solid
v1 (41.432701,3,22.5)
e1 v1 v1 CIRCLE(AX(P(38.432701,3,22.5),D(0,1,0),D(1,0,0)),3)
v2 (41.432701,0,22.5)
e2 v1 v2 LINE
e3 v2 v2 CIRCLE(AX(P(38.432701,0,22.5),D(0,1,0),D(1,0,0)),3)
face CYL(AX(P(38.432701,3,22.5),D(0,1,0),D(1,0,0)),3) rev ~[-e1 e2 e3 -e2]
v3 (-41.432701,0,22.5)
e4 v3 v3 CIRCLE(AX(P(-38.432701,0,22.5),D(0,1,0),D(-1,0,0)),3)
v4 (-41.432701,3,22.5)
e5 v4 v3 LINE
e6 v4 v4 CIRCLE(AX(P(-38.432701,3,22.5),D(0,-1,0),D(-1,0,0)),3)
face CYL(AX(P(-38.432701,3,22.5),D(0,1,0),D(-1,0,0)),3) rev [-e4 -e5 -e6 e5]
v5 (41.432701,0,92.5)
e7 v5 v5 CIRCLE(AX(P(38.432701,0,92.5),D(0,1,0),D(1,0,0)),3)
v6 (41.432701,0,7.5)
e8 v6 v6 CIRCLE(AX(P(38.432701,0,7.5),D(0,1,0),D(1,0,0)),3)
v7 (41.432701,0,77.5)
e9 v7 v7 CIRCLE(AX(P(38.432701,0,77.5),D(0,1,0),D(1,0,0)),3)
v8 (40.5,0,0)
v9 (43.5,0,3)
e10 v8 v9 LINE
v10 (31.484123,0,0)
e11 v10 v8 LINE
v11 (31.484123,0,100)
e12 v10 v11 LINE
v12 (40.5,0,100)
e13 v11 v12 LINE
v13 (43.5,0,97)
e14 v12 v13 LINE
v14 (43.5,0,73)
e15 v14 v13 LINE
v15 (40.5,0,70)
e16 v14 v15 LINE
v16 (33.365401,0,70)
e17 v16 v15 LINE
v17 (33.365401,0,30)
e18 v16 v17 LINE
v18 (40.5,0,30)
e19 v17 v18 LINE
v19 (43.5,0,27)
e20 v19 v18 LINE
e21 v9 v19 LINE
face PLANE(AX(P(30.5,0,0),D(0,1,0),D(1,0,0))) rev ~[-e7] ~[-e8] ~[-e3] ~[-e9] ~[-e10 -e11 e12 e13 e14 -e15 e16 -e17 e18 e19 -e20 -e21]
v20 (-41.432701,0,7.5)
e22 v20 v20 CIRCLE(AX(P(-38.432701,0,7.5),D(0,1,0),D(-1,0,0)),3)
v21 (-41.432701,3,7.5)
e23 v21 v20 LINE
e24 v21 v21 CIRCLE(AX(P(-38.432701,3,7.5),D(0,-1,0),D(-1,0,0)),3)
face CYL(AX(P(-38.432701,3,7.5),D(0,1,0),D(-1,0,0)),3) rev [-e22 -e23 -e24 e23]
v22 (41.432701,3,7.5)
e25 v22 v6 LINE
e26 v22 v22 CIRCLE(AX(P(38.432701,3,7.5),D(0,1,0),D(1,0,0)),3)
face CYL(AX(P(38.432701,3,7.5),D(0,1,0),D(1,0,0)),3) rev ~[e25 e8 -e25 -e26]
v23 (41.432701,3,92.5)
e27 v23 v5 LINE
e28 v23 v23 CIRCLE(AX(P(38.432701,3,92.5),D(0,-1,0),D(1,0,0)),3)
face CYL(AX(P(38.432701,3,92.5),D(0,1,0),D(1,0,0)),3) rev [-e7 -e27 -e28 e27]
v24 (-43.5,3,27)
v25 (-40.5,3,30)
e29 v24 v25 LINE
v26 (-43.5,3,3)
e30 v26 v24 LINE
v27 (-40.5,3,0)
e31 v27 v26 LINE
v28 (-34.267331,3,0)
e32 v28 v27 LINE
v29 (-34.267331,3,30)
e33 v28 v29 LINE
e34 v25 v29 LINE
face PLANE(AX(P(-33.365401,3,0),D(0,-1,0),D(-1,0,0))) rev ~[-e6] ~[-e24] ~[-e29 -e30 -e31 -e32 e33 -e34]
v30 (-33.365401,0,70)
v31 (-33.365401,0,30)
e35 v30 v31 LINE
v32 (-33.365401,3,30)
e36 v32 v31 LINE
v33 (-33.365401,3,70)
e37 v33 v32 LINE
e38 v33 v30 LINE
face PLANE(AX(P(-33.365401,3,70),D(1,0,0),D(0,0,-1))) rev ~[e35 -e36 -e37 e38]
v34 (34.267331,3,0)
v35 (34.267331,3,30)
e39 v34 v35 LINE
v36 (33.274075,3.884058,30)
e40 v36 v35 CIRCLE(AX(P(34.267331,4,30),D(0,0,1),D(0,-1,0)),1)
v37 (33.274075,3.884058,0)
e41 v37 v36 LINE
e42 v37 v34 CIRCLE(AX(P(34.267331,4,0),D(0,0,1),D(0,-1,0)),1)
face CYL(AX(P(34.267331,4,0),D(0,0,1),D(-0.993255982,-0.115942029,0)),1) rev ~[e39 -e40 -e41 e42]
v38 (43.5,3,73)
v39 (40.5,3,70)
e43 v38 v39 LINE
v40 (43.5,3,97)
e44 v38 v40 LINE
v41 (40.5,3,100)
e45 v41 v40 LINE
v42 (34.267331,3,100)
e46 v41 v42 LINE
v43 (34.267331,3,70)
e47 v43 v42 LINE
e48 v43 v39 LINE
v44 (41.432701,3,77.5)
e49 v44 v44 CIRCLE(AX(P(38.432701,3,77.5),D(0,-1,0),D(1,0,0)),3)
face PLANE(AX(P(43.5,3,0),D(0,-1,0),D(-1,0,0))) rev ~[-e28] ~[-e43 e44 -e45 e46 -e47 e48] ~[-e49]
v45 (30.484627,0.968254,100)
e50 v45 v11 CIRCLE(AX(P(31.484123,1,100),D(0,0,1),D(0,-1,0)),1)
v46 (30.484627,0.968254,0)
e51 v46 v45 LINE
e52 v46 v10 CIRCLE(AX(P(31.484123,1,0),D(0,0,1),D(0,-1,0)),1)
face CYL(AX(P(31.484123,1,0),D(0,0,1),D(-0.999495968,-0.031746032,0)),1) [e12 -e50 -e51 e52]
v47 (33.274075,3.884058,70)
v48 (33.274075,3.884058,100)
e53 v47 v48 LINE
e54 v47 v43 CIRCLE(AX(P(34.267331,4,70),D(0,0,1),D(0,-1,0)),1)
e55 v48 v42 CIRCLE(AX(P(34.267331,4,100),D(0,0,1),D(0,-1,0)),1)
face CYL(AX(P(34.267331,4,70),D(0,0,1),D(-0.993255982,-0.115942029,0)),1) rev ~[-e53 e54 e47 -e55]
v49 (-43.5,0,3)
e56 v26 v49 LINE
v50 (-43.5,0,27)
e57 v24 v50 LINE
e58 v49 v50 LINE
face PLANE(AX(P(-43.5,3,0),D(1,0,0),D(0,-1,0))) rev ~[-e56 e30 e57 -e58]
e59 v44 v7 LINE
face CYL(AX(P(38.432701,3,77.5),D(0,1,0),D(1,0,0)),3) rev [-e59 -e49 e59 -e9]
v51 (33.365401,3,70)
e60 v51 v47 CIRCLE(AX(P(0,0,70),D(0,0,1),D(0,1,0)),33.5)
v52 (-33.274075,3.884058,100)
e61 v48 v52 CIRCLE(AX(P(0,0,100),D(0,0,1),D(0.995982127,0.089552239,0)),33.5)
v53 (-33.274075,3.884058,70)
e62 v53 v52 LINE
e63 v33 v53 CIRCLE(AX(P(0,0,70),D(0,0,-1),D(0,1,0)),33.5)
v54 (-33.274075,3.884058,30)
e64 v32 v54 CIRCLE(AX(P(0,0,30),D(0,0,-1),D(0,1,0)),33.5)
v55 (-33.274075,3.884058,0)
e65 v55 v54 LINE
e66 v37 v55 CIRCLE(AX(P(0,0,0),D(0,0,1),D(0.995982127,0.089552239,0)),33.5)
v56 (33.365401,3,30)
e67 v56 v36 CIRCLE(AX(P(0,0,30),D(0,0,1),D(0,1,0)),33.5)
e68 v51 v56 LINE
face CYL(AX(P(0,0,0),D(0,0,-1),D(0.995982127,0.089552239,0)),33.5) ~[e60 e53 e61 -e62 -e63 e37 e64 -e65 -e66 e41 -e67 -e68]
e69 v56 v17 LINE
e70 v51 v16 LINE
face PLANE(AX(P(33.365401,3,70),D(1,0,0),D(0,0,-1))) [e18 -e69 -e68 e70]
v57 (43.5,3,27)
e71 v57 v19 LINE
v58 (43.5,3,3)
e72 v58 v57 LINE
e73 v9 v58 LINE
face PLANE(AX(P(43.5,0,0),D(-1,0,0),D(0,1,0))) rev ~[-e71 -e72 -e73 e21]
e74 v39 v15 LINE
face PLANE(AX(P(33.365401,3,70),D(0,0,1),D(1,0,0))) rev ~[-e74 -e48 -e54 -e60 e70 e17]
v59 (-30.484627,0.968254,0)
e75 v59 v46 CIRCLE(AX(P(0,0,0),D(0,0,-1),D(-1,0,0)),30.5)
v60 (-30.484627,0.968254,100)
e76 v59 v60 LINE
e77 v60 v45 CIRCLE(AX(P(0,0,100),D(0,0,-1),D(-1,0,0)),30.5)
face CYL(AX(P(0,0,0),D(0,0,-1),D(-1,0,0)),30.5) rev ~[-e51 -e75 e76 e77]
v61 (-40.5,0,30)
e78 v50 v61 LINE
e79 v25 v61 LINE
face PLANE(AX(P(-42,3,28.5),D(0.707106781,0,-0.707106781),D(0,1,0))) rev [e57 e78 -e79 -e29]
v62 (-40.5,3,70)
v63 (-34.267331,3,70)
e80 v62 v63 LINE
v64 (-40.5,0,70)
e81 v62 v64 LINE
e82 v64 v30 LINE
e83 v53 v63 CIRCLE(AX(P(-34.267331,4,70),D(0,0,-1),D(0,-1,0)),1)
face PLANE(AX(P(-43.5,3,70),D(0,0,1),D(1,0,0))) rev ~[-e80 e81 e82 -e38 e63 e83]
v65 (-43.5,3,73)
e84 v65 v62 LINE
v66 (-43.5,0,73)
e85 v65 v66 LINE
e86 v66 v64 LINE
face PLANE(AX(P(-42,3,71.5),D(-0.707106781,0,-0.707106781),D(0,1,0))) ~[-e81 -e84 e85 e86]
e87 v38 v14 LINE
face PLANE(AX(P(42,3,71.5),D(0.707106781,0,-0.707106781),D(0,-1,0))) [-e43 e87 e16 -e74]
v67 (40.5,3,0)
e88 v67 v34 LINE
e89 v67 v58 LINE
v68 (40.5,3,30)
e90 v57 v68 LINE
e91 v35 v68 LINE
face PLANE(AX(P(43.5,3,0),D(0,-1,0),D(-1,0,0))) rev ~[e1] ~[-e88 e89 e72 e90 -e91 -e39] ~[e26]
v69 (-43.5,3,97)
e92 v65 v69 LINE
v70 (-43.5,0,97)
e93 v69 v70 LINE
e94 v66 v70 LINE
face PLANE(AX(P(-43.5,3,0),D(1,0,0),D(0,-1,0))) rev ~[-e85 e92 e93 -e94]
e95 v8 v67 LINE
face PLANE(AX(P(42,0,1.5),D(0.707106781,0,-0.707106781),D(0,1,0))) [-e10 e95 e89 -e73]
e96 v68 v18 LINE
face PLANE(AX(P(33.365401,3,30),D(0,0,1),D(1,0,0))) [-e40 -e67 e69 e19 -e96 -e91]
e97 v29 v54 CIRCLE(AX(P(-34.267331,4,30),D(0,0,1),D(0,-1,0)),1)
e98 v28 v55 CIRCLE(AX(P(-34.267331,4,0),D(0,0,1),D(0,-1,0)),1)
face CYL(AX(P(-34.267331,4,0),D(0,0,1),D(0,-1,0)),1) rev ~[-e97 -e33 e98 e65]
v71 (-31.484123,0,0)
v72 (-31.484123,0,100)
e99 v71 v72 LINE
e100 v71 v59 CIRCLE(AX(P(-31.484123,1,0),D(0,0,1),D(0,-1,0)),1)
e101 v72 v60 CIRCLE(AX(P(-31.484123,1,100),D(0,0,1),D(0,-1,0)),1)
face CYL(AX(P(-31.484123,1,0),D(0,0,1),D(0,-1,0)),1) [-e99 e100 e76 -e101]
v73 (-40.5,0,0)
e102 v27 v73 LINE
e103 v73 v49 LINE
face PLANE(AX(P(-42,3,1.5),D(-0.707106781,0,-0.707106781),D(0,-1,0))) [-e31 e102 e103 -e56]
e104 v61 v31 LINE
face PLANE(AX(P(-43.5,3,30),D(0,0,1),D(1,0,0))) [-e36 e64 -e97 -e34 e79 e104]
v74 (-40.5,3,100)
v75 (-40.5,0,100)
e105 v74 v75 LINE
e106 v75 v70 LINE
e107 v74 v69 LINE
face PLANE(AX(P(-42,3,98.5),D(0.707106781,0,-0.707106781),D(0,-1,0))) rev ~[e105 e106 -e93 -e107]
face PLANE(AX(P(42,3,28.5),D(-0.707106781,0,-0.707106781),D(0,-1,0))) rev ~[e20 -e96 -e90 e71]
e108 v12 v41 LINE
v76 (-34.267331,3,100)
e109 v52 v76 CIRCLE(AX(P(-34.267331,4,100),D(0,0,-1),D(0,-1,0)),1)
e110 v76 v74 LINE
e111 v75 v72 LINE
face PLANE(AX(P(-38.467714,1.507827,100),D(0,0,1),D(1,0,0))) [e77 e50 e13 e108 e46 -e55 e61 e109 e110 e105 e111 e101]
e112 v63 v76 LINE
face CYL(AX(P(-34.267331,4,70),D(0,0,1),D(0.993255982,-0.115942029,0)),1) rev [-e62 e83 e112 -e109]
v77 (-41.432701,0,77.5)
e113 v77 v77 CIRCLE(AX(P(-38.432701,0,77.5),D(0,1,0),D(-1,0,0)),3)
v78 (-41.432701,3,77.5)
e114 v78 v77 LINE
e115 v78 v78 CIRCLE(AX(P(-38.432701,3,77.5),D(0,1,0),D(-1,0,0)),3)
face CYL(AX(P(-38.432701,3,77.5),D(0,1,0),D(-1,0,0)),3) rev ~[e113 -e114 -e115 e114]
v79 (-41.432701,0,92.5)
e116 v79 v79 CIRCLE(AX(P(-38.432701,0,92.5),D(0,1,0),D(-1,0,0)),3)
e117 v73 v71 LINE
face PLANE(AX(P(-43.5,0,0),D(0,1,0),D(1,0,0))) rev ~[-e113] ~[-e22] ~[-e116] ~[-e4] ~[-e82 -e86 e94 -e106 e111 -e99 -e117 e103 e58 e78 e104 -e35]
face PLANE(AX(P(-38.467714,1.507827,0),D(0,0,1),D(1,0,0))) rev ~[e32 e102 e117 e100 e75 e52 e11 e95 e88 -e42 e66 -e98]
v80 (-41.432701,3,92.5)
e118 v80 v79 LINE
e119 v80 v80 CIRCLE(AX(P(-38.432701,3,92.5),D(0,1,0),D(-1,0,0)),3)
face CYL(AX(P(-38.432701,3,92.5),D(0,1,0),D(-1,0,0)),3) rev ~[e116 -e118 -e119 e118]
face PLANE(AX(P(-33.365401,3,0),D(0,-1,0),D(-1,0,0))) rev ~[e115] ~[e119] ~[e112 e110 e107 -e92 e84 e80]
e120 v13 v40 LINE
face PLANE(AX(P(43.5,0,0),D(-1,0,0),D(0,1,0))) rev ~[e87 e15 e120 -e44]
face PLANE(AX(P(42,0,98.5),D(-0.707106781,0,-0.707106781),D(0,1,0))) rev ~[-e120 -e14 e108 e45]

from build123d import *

# Parameters (mm, degrees)
BOSS_EXTRUDE1_DEPTH     = 100
SKETCH3_W               = 10.134598759
SKETCH3_H               = 40
CUT_EXTRUDE1_DEPTH      = 60
SKETCH4_R               = 3
CUT_EXTRUDE2_DEPTH      = 60
MIRROR4_COPY_1_SKETCH_R = 3
MIRROR4_COPY_1_DEPTH    = 60
CHAMFER1_SIZE           = 3
FILLET1_R               = 1


with BuildPart() as part:
    # Sketch1 → Boss-Extrude1 (new body)
    with BuildSketch(Plane.XY):
        with BuildLine():
            Line((-43.5, 0), (-33.5, 0))
            ThreePointArc((-33.5, 0), (-33.466333393, 1.501508976), (-33.365401241, 3))
            Line((-33.365401241, 3), (-43.5, 3))
            Line((-43.5, 3), (-43.5, 0))
        make_face()
        with BuildLine():
            Line((-33.5, 0), (-30.5, 0))
            ThreePointArc((-30.5, 0), (0, 30.5), (30.5, 0))
            Line((30.5, 0), (33.5, 0))
            ThreePointArc((33.5, 0), (33.466333393, 1.501508976), (33.365401241, 3))
            ThreePointArc((33.365401241, 3), (0, 33.5), (-33.365401241, 3))
            ThreePointArc((-33.365401241, 3), (-33.466333393, 1.501508976), (-33.5, 0))
        make_face()
        with BuildLine():
            ThreePointArc((33.365401241, 3), (33.466333393, 1.501508976), (33.5, 0))
            Line((33.5, 0), (43.5, 0))
            Line((43.5, 0), (43.5, 3))
            Line((43.5, 3), (33.365401241, 3))
        make_face()
    extrude(amount=BOSS_EXTRUDE1_DEPTH)

    # Sketch3 → Cut-Extrude1 (cut)
    with BuildSketch(Plane(origin=(0, 3, 0), x_dir=(1, 0, 0), z_dir=(0, 1, 0))):
        with Locations((38.432700621, -50)):
            Rectangle(SKETCH3_W, SKETCH3_H)
        with Locations((-38.432700621, -50)):
            Rectangle(SKETCH3_W, SKETCH3_H)
    extrude(amount=-CUT_EXTRUDE1_DEPTH, mode=Mode.SUBTRACT)

    # Sketch4 → Cut-Extrude2 (cut)
    with BuildSketch(Plane(origin=(0, 3, 0), x_dir=(1, 0, 0), z_dir=(0, 1, 0))):
        with Locations((38.432700621, -22.5)):
            Circle(SKETCH4_R)
        with Locations((38.432700621, -7.5)):
            Circle(SKETCH4_R)
    cut_extrude2 = extrude(amount=-CUT_EXTRUDE2_DEPTH, mode=Mode.SUBTRACT)

    # Mirror3: Cut-Extrude2 across plane
    add(cut_extrude2.mirror(Plane(origin=(0, 0, 50), x_dir=(1, 0, 0), z_dir=(0, 0, -1))), mode=Mode.SUBTRACT)

    # Mirror4: Cut-Extrude2 across plane
    add(cut_extrude2.mirror(Plane(origin=(0, 0, 0), x_dir=(0, 0, 1), z_dir=(1, 0, 0))), mode=Mode.SUBTRACT)

    # Mirror4 copy 1 sketch → Mirror4 copy 1 (cut)
    with BuildSketch(Plane(origin=(0, 3, 100), x_dir=(-1, 0, 0), z_dir=(0, 1, 0))):
        with Locations((38.432700621, -22.5)):
            Circle(MIRROR4_COPY_1_SKETCH_R)
        with Locations((38.432700621, -7.5)):
            Circle(MIRROR4_COPY_1_SKETCH_R)
    extrude(amount=-MIRROR4_COPY_1_DEPTH, mode=Mode.SUBTRACT)

    # Chamfer1
    chamfer1_edges = [part.edges().sort_by_distance(p)[0] for p in [
        (-43.5, 1.5, 0),
        (43.5, 1.5, 0),
        (43.5, 1.5, 100),
        (-43.5, 1.5, 70),
        (-43.5, 1.5, 30),
        (43.5, 1.5, 30),
        (43.5, 1.5, 70),
        (-43.5, 1.5, 100),
    ]]
    chamfer(chamfer1_edges, length=CHAMFER1_SIZE)

    # Fillet1
    fillet1_edges = [part.edges().sort_by_distance(p)[0] for p in [
        (-33.365401241, 3, 85),
        (33.365401241, 3, 85),
        (30.5, 0, 50),
        (-30.5, 0, 50),
        (-33.365401241, 3, 15),
        (33.365401241, 3, 15),
    ]]
    fillet(fillet1_edges, radius=FILLET1_R)


solid = part.part
